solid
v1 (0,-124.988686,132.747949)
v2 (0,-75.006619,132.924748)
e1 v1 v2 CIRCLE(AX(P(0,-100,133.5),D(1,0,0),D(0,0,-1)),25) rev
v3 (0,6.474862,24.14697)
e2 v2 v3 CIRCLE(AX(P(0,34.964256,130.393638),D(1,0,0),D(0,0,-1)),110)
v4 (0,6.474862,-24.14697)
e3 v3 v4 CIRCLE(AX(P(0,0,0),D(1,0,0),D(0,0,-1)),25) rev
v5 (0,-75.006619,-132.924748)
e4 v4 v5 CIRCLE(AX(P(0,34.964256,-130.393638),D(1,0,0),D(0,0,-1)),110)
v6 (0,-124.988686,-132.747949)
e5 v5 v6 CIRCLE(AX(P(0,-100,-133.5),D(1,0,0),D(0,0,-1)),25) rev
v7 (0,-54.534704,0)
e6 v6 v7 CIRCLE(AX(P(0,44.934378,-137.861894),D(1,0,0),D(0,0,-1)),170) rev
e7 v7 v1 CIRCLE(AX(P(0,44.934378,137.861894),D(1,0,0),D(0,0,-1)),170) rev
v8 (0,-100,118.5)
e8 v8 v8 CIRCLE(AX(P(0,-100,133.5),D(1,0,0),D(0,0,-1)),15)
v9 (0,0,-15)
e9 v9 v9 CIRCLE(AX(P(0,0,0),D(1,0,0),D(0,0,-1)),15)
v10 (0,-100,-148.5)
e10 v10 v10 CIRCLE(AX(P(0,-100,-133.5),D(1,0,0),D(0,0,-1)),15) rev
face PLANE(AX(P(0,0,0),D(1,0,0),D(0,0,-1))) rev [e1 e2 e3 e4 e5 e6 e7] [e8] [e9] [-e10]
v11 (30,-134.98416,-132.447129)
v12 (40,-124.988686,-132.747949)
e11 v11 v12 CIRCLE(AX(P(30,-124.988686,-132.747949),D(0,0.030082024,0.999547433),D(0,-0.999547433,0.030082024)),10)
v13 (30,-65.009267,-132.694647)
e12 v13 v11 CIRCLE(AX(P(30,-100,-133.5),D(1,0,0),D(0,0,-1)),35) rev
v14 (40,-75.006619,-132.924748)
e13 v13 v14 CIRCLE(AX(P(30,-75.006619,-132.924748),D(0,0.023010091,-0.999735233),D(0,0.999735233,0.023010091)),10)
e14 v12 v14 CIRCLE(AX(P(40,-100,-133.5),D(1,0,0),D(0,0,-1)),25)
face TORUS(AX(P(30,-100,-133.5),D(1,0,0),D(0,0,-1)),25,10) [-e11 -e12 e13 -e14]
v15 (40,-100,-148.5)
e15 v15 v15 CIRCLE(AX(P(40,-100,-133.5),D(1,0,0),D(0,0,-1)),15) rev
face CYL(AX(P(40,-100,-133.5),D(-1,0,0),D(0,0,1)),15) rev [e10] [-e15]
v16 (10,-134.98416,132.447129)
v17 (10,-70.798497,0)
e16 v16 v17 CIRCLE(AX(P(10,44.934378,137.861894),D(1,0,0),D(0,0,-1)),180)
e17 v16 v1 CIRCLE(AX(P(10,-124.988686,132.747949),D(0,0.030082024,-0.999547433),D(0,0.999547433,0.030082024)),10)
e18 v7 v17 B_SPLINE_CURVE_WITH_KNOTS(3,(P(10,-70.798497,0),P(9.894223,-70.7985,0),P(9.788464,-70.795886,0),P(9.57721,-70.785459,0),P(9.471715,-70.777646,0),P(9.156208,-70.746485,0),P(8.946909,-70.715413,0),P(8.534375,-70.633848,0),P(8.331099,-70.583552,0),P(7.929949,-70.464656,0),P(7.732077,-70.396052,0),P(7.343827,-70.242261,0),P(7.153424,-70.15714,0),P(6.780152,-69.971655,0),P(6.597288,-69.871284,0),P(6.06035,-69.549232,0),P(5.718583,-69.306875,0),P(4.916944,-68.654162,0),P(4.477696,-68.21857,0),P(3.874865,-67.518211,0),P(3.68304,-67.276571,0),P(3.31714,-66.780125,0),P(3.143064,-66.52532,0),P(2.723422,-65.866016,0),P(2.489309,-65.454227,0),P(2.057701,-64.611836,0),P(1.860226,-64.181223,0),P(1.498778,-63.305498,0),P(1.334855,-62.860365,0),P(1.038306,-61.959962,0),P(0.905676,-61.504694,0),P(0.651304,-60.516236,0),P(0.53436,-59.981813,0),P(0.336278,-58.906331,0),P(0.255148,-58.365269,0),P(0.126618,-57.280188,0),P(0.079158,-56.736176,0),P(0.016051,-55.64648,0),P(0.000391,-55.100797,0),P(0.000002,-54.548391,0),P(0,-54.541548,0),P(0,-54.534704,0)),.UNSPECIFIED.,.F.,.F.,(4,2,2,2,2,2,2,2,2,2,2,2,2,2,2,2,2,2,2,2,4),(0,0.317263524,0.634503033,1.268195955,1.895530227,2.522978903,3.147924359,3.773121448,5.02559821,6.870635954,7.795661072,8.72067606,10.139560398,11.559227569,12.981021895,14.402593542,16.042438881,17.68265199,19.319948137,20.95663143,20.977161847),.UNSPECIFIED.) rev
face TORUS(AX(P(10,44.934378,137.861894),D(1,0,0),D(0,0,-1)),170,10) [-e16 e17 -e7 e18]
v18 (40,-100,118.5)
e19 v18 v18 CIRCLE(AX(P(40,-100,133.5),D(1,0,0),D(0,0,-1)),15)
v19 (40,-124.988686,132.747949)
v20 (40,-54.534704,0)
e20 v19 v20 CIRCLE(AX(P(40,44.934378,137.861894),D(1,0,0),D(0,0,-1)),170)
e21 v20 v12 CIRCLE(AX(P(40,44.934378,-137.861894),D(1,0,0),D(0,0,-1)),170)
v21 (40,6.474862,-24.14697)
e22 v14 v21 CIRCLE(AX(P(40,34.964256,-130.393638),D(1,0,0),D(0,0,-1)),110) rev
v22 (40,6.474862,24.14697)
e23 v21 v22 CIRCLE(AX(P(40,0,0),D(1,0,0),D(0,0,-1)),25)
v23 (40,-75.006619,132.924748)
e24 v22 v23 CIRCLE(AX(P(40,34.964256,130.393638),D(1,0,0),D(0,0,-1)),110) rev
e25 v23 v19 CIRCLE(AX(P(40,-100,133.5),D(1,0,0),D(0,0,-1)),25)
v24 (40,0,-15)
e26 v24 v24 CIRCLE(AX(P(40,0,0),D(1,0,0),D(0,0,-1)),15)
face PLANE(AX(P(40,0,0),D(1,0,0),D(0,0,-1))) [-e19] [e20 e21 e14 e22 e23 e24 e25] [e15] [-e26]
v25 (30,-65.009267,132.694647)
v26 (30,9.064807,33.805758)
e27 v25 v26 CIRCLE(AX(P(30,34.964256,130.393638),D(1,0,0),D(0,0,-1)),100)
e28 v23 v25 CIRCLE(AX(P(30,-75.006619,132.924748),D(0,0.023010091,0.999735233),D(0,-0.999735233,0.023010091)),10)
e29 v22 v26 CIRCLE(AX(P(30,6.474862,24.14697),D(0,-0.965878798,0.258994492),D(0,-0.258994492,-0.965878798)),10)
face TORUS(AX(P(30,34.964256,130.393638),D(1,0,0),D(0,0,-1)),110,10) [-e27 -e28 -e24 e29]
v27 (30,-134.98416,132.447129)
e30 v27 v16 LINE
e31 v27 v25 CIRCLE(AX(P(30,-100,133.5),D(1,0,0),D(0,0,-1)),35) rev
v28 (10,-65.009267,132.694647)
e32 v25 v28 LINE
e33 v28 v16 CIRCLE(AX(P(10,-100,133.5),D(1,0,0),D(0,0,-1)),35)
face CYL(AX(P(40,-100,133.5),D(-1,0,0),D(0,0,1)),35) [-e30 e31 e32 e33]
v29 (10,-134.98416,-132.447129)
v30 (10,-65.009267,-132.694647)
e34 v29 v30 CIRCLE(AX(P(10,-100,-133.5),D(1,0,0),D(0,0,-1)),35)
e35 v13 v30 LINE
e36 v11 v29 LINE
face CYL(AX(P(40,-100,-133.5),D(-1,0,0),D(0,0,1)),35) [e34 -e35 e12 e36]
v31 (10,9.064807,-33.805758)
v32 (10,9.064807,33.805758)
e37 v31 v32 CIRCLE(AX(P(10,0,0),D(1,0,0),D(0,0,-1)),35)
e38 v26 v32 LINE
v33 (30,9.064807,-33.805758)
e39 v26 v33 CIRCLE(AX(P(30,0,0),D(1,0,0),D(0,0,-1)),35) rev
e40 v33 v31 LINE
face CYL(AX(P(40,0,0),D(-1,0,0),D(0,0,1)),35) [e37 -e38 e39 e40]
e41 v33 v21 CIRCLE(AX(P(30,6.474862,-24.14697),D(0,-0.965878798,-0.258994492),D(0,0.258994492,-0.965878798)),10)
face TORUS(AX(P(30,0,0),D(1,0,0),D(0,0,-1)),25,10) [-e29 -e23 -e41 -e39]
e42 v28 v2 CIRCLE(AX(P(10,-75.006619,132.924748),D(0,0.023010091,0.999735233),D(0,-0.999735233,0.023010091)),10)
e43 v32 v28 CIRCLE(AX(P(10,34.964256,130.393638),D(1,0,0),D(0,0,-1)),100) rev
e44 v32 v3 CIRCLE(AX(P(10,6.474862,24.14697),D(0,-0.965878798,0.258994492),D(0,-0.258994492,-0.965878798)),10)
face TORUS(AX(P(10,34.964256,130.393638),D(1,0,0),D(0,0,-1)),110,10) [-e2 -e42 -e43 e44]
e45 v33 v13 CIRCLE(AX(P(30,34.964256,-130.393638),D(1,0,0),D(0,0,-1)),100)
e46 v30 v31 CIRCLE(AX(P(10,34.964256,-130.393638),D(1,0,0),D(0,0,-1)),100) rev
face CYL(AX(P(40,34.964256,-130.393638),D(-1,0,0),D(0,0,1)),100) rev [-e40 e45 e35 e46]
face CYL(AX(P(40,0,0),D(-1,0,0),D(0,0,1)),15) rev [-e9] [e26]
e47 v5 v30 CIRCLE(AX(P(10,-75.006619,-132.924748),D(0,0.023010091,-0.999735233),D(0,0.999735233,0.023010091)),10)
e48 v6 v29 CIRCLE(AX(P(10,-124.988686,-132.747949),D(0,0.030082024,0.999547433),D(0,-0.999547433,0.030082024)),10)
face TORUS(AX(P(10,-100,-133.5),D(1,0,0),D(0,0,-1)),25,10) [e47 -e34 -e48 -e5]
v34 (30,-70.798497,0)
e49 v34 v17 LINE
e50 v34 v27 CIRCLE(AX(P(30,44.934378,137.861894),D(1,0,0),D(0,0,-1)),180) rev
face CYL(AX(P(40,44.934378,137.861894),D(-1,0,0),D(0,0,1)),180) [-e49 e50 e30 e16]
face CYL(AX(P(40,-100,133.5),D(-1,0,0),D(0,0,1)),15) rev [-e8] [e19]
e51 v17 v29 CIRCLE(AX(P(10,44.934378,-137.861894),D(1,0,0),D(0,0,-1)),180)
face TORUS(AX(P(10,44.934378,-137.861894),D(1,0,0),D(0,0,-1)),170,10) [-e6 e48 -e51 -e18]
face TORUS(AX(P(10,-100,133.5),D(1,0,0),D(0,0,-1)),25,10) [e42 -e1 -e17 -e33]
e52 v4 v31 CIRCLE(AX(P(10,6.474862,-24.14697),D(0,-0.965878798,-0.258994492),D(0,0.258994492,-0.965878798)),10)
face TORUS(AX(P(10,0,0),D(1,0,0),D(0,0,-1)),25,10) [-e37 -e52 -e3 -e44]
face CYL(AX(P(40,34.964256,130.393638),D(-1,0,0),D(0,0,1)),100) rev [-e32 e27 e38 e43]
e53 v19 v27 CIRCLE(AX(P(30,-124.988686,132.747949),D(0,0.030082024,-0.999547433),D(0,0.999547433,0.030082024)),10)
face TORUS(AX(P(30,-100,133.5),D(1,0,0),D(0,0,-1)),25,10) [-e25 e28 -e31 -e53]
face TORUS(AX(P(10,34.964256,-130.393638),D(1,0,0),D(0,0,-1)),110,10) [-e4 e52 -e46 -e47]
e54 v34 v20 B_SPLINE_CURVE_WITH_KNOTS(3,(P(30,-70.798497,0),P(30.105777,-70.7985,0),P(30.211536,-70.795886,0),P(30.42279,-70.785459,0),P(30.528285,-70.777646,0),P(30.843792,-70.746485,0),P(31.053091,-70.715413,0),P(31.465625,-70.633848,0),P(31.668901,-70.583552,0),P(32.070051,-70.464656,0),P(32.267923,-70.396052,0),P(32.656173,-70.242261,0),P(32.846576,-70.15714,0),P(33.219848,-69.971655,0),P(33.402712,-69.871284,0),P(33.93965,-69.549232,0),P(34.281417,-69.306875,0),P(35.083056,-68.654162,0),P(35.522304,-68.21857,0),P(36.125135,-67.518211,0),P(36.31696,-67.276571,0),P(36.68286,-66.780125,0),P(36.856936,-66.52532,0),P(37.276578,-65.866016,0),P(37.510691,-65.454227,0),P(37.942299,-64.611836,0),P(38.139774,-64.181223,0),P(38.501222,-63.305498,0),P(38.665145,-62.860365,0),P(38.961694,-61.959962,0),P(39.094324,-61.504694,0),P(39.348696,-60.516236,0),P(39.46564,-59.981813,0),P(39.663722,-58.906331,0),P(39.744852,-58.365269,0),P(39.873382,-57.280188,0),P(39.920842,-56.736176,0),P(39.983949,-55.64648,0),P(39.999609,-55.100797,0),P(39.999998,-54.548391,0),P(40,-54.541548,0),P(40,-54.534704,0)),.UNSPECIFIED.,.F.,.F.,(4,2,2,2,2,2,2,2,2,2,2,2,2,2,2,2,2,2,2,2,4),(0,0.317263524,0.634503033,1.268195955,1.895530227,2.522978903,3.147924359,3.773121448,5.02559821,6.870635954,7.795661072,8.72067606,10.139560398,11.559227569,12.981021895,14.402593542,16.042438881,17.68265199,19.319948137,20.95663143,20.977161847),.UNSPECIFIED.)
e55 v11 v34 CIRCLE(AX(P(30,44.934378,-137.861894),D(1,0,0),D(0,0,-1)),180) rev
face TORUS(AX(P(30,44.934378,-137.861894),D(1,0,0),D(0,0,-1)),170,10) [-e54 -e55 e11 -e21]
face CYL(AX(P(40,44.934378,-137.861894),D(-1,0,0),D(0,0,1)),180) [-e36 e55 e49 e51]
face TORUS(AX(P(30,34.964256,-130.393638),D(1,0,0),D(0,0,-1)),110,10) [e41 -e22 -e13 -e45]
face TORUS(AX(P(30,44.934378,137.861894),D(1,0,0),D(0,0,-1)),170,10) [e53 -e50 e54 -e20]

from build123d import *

# Parameters (mm, degrees)
SKETCH1_R           = 15
BOSS_EXTRUDE1_DEPTH = 40
FILLET1_R           = 10


with BuildPart() as part:
    # Sketch1 → Boss-Extrude1 (new body)
    with BuildSketch(Plane(origin=(0, 0, 0), x_dir=(0, 0, -1), z_dir=(1, 0, 0))):
        with BuildLine():
            ThreePointArc((132.694646831, -65.009266851), (168.499781041, -100.12380247), (132.447129149, -134.984160172))
            ThreePointArc((132.447129149, -134.984160172), (59.3634858, -117.047102518), (0, -70.79849696))
            ThreePointArc((0, -70.79849696), (-59.3634858, -117.047102518), (-132.447129149, -134.984160172))
            ThreePointArc((-132.447129149, -134.984160172), (-168.499781041, -100.12380247), (-132.694646831, -65.009266851))
            ThreePointArc((-132.694646831, -65.009266851), (-70.44161018, -45.071700409), (-33.805757942, 9.064807223))
            ThreePointArc((-33.805757942, 9.064807223), (0, 35), (33.805757942, 9.064807223))
            ThreePointArc((33.805757942, 9.064807223), (70.44161018, -45.071700409), (132.694646831, -65.009266851))
        make_face()
        Circle(SKETCH1_R, mode=Mode.SUBTRACT)
        with Locations((-133.5, -100)):
            Circle(SKETCH1_R, mode=Mode.SUBTRACT)
        with Locations((133.5, -100)):
            Circle(SKETCH1_R, mode=Mode.SUBTRACT)
    extrude(amount=BOSS_EXTRUDE1_DEPTH)

    # Fillet1
    fillet1_edges = [part.edges().sort_by_distance(p)[0] for p in [
        (0, -117.047102518, -59.3634858),
        (0, -117.047102518, 59.3634858),
        (0, -100.12380247, 168.499781041),
        (0, -45.071700409, 70.44161018),
        (0, 35, 0),
        (0, -45.071700409, -70.44161018),
        (0, -100.12380247, -168.499781041),
        (40, -100.12380247, -168.499781041),
        (40, -45.071700409, -70.44161018),
        (40, 35, 0),
        (40, -45.071700409, 70.44161018),
        (40, -100.12380247, 168.499781041),
        (40, -117.047102518, 59.3634858),
        (40, -117.047102518, -59.3634858),
    ]]
    fillet(fillet1_edges, radius=FILLET1_R)


solid = part.part
